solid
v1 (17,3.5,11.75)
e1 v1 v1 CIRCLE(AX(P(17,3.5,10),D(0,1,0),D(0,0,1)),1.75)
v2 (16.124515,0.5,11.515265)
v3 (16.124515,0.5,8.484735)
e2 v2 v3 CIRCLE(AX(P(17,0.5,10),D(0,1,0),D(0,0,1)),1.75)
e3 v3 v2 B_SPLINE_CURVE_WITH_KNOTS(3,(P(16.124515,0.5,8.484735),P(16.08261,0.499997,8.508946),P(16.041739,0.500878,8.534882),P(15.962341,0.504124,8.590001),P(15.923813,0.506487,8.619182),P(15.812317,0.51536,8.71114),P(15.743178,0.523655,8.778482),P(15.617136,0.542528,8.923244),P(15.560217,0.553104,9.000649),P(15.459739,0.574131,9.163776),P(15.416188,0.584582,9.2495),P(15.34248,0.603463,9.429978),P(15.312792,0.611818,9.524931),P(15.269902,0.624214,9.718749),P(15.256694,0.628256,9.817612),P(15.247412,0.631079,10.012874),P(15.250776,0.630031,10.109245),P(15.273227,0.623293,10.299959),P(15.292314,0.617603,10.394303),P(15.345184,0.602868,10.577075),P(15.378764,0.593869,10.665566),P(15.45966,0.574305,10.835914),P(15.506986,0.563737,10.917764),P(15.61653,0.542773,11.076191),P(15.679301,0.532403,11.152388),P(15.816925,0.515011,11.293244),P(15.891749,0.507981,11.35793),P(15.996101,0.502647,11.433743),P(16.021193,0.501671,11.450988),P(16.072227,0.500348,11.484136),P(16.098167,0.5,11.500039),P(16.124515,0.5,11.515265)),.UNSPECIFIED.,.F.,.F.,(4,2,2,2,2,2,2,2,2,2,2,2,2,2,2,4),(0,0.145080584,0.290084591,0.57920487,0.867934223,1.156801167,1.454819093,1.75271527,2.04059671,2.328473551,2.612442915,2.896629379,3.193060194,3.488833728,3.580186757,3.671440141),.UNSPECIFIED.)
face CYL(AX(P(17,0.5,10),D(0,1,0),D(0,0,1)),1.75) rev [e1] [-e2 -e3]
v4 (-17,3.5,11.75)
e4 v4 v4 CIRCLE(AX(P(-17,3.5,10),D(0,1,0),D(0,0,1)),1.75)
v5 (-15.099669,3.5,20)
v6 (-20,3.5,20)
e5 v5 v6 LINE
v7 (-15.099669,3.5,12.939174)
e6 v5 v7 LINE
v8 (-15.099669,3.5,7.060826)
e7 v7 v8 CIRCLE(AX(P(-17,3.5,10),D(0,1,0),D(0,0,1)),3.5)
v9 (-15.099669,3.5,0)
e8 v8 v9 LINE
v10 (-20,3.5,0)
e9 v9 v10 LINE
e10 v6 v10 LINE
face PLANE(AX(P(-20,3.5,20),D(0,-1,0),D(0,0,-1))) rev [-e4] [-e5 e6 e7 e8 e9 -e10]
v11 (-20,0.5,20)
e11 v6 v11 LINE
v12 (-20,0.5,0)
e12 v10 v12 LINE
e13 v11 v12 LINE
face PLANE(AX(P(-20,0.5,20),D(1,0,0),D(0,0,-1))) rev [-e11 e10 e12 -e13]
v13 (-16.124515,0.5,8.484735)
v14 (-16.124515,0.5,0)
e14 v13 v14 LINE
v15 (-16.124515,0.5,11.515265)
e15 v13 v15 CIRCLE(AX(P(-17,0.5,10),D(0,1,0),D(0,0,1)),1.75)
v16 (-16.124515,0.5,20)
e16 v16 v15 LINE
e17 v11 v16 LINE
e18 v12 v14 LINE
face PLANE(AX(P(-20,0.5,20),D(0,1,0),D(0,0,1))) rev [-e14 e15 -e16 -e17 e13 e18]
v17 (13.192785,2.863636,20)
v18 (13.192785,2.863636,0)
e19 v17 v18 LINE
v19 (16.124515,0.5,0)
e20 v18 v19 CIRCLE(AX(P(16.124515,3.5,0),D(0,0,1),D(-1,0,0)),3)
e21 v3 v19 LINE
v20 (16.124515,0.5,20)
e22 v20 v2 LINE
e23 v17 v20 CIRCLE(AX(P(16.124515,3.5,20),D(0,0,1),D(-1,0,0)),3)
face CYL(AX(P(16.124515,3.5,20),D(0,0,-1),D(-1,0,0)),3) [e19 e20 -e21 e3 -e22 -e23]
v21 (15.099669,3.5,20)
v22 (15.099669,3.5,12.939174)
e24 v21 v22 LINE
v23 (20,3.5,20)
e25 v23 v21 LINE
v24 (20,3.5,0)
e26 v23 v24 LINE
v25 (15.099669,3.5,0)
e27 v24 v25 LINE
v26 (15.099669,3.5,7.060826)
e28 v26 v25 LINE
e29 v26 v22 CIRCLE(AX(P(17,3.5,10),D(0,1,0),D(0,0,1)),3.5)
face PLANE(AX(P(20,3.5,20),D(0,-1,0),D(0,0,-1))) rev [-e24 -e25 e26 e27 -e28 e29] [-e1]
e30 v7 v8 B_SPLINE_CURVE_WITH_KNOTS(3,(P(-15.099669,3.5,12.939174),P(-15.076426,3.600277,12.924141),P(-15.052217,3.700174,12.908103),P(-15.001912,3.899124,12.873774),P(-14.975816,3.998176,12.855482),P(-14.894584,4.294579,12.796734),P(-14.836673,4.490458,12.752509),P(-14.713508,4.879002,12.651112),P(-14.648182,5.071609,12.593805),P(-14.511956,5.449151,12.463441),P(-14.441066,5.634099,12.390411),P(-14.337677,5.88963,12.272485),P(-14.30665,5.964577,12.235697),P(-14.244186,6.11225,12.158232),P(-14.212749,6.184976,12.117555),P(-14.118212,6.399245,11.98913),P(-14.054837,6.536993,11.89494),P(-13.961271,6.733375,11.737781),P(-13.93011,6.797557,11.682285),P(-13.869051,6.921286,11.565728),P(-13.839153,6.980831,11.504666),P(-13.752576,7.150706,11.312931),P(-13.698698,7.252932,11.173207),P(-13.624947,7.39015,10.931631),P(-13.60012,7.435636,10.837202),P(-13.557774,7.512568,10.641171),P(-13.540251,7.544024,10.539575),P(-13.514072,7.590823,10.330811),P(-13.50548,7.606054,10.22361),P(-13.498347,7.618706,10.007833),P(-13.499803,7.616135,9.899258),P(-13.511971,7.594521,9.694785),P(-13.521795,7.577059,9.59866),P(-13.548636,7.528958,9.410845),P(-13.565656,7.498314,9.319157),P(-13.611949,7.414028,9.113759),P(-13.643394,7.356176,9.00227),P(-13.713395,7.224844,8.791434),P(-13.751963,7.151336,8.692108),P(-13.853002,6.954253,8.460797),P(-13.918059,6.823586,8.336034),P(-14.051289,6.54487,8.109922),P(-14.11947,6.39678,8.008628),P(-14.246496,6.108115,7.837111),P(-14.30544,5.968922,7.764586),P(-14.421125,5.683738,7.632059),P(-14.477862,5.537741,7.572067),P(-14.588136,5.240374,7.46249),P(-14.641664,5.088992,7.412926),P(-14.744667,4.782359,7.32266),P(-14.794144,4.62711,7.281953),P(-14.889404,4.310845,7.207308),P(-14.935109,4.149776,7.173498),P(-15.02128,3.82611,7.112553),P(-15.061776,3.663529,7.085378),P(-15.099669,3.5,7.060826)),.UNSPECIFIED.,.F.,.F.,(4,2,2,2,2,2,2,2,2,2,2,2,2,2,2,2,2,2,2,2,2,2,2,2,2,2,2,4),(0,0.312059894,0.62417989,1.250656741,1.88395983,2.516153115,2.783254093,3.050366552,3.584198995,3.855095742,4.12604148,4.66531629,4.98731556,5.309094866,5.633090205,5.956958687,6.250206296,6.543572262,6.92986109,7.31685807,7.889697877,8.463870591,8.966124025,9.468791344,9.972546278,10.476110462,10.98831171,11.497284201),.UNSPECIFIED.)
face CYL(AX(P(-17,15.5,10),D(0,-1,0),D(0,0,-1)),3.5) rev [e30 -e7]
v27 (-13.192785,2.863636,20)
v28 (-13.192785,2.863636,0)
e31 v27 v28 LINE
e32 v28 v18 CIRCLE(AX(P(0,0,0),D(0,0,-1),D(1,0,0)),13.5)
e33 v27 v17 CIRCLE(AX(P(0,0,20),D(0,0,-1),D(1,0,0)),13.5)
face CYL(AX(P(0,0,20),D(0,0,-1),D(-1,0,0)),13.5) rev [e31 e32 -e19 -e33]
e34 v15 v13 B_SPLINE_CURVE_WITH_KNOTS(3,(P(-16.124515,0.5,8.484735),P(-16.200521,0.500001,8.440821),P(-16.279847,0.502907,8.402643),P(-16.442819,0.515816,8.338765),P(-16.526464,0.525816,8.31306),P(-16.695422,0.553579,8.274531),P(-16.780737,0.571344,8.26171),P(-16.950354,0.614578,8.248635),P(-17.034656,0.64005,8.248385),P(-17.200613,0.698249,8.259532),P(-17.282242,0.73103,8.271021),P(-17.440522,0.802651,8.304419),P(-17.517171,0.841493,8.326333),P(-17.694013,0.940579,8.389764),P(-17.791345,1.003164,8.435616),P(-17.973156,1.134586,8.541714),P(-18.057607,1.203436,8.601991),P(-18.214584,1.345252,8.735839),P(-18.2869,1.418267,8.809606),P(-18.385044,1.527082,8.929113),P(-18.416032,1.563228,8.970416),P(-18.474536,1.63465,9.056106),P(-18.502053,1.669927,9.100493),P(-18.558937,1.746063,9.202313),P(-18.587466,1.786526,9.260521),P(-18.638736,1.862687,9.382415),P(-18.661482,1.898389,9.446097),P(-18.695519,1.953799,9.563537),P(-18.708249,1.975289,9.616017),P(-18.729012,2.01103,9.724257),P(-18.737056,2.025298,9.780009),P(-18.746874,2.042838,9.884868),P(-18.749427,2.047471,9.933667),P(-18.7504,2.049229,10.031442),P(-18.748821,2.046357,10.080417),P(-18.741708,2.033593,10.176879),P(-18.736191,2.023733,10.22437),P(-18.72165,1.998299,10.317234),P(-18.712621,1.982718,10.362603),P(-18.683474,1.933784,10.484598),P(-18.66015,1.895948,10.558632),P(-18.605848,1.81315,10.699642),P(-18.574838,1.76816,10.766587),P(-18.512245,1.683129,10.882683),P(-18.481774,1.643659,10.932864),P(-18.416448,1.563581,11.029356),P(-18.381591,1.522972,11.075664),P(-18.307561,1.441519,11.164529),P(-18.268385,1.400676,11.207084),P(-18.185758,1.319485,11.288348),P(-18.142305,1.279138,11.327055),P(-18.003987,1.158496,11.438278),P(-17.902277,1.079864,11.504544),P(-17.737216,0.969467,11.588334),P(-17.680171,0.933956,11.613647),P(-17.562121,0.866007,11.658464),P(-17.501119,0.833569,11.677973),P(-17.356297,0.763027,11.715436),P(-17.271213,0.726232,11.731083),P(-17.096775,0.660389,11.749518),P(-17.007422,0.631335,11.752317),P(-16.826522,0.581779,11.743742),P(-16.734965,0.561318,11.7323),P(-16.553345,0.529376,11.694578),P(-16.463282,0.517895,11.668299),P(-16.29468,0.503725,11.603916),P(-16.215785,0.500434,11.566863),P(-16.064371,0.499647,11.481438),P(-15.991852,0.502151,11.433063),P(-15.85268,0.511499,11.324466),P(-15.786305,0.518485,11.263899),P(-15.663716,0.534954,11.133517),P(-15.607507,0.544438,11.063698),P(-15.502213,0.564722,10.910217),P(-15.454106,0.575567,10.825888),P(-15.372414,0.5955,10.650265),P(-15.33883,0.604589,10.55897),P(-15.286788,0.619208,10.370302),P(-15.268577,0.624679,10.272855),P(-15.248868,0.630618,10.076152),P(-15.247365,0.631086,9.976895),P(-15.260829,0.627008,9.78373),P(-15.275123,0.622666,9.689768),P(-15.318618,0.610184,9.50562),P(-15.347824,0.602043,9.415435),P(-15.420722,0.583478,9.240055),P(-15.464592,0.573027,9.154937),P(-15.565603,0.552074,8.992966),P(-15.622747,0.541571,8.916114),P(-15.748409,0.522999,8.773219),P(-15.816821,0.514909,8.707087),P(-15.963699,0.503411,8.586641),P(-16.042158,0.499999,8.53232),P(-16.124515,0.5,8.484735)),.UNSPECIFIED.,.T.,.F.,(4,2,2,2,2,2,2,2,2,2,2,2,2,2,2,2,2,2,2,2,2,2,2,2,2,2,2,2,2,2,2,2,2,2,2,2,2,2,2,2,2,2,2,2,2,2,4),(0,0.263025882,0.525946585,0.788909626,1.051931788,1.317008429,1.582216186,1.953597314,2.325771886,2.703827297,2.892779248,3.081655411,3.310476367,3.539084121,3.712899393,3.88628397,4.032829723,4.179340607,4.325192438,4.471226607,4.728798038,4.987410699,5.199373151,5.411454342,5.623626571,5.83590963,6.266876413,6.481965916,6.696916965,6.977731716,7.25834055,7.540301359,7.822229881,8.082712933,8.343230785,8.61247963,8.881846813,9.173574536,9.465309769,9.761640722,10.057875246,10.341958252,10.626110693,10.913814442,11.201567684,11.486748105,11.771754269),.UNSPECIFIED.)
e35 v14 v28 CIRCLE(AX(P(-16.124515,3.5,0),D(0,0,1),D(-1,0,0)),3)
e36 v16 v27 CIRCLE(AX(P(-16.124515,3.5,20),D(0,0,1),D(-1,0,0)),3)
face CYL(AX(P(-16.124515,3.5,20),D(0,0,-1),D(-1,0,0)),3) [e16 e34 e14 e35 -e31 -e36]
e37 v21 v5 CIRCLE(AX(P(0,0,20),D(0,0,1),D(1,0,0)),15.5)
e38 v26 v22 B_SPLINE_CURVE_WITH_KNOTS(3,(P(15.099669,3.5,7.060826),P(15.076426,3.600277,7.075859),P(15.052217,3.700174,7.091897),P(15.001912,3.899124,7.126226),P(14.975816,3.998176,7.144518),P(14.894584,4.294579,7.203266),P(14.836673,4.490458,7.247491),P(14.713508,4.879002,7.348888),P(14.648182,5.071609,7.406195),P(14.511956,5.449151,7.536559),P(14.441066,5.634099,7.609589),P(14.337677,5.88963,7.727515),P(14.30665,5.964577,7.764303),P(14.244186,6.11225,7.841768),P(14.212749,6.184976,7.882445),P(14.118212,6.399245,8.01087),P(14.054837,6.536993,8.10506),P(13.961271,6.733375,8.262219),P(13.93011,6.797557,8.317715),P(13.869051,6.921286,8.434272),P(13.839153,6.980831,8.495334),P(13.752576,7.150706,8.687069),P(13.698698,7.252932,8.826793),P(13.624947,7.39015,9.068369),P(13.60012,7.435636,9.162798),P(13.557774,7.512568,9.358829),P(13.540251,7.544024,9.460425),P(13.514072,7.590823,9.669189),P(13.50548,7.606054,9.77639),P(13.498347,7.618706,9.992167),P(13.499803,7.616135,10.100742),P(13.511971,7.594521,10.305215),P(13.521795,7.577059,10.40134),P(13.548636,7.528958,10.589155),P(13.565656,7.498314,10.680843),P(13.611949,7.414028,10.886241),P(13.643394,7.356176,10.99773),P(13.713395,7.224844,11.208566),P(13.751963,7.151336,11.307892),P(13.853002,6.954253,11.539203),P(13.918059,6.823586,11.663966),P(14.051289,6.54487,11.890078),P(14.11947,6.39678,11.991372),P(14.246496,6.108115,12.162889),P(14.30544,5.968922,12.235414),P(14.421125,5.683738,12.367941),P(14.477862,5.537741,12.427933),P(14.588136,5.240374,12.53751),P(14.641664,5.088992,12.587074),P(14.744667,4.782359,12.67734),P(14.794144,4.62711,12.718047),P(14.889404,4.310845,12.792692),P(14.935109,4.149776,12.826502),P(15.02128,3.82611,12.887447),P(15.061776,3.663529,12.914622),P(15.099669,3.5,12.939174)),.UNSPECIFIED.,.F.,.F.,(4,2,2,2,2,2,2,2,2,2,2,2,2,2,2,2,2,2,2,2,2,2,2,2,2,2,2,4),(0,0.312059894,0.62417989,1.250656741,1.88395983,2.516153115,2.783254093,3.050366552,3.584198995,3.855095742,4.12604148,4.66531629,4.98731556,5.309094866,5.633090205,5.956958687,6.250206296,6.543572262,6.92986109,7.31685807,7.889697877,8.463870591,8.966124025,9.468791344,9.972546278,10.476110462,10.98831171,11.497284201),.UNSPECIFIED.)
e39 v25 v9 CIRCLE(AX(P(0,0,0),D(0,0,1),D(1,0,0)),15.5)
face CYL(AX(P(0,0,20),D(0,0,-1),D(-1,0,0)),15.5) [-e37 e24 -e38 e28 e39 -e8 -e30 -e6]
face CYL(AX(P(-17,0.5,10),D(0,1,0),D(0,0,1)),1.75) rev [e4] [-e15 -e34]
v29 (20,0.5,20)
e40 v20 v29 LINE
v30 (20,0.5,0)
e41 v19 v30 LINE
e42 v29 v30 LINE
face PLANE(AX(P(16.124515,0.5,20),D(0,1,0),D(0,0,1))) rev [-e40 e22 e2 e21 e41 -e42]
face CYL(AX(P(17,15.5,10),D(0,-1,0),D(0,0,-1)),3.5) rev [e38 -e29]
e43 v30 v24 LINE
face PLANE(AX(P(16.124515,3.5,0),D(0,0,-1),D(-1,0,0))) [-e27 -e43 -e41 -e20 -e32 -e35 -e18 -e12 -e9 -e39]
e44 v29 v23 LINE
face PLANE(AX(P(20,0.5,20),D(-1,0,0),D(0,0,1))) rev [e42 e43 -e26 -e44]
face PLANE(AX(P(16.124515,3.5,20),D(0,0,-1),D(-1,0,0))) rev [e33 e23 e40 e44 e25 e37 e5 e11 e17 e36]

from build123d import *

# Parameters (mm, degrees)
BOSS_EXTRU_2_DEPTH      = 20
ESQUISSE3_R             = 1.75
ENL_V_MAT_EXTRU_2_DEPTH = 4
ESQUISSE4_R             = 3.5
ENL_V_MAT_EXTRU_3_DEPTH = 13


with BuildPart() as part:
    # Esquisse1 → Boss.-Extru.2 (new body)
    with BuildSketch(Plane.XY):
        with BuildLine():
            Line((-20, 0.5), (-16.124515497, 0.5))
            ThreePointArc((-16.124515497, 0.5), (-14.241577753, 1.164503168), (-13.192785406, 2.863636364))
            ThreePointArc((-13.192785406, 2.863636364), (0, 13.5), (13.192785406, 2.863636364))
            ThreePointArc((13.192785406, 2.863636364), (14.241577753, 1.164503168), (16.124515497, 0.5))
            Line((16.124515497, 0.5), (20, 0.5))
            Line((20, 0.5), (20, 3.5))
            Line((20, 3.5), (15.099668871, 3.5))
            ThreePointArc((15.099668871, 3.5), (0, 15.5), (-15.099668871, 3.5))
            Line((-15.099668871, 3.5), (-20, 3.5))
            Line((-20, 3.5), (-20, 0.5))
        make_face()
    extrude(amount=BOSS_EXTRU_2_DEPTH)

    # Esquisse3 → Enlèv. mat.-Extru.2 (cut, through all)
    with BuildSketch(Plane(origin=(0, 3.5, 0), x_dir=(1, 0, 0), z_dir=(0, 1, 0))):
        with Locations((-17, -10)):
            Circle(ESQUISSE3_R)
        with Locations((17, -10)):
            Circle(ESQUISSE3_R)
    extrude(amount=-ENL_V_MAT_EXTRU_2_DEPTH, mode=Mode.SUBTRACT)

    # Esquisse4 → Enlèv. mat.-Extru.3 (cut, through all)
    with BuildSketch(Plane(origin=(0, 3.5, 0), x_dir=(1, 0, 0), z_dir=(0, 1, 0))):
        with Locations((-17, -10)):
            Circle(ESQUISSE4_R)
        with Locations((17, -10)):
            Circle(ESQUISSE4_R)
    extrude(amount=ENL_V_MAT_EXTRU_3_DEPTH, mode=Mode.SUBTRACT)


solid = part.part
